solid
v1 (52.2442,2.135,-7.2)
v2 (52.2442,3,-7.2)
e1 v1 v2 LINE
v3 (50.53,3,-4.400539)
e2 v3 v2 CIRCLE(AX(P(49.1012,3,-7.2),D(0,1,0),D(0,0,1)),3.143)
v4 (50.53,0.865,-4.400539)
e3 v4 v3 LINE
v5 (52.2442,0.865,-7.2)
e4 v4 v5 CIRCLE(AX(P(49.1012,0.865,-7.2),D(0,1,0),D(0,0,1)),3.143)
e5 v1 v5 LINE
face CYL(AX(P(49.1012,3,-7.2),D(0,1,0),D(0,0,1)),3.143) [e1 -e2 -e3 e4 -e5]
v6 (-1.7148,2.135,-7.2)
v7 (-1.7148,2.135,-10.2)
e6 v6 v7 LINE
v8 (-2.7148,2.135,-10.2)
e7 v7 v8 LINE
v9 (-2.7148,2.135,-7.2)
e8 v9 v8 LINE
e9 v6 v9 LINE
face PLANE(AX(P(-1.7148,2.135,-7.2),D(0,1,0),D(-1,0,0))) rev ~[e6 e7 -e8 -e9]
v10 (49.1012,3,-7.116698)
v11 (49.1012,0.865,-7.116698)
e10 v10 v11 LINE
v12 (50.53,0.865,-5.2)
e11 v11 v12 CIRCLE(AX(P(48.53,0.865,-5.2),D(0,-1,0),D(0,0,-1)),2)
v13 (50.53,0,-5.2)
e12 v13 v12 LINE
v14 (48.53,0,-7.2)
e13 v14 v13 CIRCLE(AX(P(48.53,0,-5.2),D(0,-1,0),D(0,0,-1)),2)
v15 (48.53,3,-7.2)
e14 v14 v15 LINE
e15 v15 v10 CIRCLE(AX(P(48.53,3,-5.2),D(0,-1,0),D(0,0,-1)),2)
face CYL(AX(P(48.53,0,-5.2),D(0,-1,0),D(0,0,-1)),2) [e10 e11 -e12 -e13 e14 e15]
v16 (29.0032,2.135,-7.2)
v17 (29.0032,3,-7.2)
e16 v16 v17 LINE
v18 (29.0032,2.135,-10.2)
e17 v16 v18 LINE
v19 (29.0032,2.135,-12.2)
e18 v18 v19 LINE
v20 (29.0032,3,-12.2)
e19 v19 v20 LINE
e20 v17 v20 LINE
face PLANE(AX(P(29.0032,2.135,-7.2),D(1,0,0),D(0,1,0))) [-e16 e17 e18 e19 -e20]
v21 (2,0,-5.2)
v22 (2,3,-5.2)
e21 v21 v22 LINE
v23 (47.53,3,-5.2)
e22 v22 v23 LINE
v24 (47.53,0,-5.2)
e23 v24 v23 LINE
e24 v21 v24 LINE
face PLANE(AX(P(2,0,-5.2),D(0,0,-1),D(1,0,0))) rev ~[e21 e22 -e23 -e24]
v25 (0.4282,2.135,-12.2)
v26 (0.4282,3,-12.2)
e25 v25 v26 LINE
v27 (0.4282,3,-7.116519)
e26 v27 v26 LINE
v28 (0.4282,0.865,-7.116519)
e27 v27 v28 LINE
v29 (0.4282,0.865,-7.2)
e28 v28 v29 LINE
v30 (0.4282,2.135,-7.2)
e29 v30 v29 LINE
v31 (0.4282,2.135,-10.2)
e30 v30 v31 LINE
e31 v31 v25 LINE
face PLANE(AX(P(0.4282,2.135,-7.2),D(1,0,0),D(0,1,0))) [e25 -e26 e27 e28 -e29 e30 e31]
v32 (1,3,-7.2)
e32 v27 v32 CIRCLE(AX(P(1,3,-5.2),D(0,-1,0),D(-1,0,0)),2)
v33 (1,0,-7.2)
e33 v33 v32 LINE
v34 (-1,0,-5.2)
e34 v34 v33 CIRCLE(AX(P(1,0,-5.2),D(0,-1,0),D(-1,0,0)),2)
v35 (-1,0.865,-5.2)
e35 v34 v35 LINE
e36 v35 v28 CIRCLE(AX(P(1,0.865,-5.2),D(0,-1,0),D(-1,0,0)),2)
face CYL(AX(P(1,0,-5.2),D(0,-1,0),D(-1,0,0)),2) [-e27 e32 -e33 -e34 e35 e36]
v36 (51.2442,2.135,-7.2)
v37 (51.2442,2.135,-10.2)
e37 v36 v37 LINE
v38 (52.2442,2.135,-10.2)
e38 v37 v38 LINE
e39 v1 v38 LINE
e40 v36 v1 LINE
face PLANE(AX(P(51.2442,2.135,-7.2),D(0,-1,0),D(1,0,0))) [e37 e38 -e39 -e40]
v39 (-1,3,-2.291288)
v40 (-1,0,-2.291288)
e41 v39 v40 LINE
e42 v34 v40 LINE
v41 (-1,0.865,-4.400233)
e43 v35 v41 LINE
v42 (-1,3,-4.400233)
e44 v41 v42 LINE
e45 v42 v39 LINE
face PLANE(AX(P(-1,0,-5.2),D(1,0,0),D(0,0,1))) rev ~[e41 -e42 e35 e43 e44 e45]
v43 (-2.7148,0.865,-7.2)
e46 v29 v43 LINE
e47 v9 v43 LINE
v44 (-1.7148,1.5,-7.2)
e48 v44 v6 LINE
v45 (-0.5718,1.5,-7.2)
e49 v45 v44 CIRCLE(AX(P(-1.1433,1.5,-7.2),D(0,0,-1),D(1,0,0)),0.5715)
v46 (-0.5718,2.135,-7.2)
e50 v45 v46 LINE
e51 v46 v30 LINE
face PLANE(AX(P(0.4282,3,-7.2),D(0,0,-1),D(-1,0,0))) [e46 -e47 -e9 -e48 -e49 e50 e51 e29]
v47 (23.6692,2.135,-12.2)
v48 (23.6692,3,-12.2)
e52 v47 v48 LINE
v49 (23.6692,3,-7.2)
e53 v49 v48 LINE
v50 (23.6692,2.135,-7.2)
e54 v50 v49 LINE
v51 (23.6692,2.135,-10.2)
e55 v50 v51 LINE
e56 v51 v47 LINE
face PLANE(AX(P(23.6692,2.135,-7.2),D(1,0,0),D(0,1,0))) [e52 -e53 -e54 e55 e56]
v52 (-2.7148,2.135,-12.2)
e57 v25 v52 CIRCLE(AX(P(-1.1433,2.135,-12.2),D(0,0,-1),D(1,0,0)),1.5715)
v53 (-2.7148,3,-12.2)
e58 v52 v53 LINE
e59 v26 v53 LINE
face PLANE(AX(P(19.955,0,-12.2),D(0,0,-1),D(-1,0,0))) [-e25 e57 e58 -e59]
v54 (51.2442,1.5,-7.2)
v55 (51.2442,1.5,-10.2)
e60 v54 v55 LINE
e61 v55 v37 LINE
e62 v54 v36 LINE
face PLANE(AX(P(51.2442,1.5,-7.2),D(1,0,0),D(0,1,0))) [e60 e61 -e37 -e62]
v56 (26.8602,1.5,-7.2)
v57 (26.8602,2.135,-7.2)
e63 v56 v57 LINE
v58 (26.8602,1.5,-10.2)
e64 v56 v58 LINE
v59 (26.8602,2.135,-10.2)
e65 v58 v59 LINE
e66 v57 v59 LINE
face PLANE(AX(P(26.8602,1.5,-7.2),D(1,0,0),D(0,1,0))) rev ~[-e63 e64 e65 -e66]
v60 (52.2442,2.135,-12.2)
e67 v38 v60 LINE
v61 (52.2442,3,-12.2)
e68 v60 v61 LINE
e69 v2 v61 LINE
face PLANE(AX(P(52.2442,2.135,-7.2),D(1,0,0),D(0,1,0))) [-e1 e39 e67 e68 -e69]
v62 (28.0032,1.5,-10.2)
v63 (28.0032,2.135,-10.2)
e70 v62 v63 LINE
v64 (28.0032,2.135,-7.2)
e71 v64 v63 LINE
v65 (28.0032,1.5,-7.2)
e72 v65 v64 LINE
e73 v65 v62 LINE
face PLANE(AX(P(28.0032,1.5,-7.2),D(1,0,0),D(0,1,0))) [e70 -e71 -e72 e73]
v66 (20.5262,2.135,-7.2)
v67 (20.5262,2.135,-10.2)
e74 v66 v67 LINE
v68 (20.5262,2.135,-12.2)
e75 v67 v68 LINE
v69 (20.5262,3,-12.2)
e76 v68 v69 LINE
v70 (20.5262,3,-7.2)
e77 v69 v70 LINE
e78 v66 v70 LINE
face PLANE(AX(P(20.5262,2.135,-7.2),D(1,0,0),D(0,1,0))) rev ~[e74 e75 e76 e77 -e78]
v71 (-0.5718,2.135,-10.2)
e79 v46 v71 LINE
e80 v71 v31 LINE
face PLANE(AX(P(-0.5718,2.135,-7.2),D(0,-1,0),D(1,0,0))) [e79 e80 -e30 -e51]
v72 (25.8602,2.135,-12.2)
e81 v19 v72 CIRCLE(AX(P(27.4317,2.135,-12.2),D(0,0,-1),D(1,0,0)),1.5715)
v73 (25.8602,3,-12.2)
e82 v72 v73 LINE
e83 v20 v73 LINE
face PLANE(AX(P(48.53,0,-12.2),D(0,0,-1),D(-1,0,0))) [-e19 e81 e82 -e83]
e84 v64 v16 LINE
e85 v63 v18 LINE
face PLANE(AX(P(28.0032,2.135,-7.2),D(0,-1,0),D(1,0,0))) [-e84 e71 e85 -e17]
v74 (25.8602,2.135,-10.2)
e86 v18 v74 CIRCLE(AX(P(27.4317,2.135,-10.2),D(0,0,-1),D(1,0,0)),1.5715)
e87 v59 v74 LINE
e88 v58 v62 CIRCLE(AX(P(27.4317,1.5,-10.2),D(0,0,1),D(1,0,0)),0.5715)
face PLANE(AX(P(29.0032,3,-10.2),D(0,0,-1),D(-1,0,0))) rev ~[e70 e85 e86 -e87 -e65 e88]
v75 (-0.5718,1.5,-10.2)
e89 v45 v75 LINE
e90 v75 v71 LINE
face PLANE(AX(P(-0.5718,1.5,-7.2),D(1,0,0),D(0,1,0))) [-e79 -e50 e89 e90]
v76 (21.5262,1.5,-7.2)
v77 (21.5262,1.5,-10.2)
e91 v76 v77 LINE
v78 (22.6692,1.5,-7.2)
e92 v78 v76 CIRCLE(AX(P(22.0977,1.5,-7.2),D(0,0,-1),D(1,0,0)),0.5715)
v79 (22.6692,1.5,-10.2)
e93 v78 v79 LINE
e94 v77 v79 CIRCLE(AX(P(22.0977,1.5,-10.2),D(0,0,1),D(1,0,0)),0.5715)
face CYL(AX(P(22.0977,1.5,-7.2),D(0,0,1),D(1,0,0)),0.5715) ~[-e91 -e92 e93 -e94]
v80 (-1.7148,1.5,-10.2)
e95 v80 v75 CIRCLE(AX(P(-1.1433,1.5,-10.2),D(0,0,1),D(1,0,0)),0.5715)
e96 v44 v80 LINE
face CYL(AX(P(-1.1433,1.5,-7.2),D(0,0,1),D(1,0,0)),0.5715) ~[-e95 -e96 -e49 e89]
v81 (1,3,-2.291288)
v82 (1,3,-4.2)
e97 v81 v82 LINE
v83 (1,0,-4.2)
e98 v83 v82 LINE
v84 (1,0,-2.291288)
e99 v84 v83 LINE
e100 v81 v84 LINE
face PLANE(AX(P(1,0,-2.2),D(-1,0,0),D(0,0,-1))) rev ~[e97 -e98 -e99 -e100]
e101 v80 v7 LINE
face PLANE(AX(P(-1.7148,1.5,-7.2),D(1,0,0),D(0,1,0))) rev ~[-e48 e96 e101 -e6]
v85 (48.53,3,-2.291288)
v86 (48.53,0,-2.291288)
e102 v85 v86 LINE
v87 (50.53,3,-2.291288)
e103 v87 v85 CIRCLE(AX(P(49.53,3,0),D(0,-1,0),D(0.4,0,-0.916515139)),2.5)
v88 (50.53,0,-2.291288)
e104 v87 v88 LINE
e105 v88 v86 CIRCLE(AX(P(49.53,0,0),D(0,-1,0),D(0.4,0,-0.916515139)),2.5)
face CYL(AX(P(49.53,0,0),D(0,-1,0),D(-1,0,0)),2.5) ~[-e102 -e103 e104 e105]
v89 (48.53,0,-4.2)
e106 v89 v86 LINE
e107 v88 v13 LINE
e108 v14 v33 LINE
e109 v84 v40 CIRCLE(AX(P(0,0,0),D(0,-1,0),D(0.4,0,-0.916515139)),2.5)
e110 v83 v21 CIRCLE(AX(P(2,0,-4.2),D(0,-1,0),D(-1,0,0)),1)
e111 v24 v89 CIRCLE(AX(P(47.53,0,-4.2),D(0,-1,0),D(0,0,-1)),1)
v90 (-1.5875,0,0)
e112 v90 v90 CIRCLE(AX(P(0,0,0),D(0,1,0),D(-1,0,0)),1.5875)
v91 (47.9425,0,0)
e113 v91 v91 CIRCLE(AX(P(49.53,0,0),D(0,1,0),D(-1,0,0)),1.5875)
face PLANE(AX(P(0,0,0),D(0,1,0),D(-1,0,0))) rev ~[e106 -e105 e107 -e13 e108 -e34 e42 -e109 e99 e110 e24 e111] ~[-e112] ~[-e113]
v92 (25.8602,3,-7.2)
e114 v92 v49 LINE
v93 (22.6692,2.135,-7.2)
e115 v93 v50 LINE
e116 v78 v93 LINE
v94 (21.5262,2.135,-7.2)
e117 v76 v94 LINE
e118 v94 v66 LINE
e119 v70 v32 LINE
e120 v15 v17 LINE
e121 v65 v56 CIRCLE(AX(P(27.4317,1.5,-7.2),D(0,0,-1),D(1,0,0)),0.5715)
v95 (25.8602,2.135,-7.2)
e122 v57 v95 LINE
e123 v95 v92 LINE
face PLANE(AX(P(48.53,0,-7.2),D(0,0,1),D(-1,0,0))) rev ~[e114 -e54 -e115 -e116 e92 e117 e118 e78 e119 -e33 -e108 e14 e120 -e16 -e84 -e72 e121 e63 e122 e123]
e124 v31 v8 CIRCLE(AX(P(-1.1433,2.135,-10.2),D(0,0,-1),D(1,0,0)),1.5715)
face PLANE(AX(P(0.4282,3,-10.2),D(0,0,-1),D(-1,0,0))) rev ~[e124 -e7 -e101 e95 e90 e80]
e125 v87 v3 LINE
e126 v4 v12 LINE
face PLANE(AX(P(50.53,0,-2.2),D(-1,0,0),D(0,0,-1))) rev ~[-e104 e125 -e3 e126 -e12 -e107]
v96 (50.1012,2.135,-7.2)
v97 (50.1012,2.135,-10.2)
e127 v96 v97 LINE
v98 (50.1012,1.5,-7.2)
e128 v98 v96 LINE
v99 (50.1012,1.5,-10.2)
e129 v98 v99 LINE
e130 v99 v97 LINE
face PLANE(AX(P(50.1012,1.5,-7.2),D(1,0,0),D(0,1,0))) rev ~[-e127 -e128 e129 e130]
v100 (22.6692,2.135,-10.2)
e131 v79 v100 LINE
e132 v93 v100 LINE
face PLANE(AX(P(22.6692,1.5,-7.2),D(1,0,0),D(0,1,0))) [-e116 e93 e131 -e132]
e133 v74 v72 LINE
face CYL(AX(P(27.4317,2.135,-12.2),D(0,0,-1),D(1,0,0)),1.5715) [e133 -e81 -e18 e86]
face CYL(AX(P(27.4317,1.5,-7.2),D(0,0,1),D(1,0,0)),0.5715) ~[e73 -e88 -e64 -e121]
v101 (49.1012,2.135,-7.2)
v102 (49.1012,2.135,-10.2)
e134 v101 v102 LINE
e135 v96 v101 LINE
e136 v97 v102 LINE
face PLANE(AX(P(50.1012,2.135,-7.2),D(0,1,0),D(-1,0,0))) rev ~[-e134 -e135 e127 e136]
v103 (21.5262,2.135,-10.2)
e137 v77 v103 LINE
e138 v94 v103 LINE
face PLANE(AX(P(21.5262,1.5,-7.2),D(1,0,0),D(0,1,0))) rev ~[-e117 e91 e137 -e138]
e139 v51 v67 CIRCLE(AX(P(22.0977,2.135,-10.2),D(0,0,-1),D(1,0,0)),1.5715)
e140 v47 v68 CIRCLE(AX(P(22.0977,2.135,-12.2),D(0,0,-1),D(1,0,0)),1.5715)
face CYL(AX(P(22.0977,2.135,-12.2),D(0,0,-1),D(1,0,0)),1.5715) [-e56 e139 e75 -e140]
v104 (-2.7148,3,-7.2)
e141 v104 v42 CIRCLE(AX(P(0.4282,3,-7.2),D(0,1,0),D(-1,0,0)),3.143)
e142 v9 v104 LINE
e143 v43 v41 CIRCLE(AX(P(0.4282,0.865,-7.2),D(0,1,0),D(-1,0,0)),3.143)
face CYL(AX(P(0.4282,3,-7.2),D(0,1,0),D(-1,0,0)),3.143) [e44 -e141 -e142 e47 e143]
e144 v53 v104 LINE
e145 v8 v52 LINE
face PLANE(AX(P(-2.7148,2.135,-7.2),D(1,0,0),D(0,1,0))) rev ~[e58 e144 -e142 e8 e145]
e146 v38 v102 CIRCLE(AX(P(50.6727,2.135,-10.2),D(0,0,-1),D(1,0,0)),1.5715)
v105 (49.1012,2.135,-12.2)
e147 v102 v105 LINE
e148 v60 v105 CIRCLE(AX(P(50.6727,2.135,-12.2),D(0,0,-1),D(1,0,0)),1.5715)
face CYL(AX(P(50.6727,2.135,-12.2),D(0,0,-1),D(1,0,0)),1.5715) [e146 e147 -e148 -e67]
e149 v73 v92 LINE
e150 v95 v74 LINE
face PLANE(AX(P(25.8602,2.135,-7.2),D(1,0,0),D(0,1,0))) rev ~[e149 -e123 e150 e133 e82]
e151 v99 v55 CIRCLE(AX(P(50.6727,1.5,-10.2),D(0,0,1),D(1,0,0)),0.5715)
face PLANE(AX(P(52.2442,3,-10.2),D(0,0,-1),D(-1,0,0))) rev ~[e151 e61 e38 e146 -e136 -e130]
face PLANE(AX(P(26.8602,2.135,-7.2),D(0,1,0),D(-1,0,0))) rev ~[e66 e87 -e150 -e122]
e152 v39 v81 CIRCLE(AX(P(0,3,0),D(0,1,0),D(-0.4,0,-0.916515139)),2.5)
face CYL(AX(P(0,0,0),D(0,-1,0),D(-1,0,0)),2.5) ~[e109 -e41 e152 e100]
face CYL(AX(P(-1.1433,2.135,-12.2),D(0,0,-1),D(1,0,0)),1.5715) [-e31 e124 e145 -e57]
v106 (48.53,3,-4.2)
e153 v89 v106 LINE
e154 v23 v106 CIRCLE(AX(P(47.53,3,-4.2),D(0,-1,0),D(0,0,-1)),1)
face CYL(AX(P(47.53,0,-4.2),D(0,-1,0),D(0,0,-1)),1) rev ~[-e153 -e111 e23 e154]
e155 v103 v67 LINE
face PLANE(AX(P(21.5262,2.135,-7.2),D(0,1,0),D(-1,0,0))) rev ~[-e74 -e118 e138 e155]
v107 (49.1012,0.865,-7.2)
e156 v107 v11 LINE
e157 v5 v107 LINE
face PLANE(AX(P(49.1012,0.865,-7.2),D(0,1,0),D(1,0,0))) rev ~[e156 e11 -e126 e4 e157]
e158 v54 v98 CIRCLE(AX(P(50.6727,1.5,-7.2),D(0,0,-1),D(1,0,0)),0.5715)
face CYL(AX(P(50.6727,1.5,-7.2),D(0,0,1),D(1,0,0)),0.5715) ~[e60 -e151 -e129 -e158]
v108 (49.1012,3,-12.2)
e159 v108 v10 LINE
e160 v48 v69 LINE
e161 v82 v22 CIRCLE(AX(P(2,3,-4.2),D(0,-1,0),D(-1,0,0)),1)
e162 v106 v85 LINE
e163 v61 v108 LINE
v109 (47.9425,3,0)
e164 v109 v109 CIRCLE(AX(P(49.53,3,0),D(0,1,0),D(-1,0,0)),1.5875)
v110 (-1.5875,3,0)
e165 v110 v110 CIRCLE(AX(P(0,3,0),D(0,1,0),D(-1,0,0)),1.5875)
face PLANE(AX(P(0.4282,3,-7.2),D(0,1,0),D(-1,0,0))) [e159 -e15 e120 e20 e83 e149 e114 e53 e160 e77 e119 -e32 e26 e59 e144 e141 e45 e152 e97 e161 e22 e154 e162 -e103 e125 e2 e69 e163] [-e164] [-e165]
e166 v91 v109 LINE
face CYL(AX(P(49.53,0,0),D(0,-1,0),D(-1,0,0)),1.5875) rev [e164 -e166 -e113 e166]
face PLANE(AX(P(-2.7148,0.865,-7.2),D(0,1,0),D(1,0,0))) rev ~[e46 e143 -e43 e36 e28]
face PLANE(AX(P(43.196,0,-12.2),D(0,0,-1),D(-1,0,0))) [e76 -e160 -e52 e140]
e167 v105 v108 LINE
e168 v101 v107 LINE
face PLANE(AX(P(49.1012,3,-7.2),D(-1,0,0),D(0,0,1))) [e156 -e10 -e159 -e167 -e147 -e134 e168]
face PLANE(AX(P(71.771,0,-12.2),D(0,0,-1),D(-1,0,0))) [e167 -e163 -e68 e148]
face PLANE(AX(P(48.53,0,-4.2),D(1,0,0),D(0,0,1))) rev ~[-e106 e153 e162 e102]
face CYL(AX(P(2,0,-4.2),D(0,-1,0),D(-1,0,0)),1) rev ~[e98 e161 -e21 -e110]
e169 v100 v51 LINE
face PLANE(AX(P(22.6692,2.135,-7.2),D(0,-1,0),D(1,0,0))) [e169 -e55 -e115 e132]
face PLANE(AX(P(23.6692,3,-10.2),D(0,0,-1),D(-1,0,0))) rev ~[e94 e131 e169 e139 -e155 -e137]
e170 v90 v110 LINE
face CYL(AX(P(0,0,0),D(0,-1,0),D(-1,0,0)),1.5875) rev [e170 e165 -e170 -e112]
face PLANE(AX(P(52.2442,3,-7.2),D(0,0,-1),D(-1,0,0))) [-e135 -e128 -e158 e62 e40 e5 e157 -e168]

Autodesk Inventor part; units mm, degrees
ref_plane "YZ Plane" through (0, 0, 0) normal (1, 0, 0) x (0, 1, 0)
ref_plane "XZ Plane" through (0, 0, 0) normal (0, 1, 0) x (-1, 0, 0)
ref_plane "XY Plane" through (0, 0, 0) normal (0, 0, 1) x (1, 0, 0)
sketch "Sketch1" plane through (0, 0, 0) normal (0, 1, 0) x (-1, 0, 0)
  circle A0 centre (0, 0) radius 1.5875
  line L0 (0, 0) -> (22.8671, 0) construction
  circle A1 centre (-49.53, 0) radius 1.5875
  circle A2 centre (-49.53, 0) radius 2.5
  line L1 (-24.765, 0) -> (-24.765, 33.4897) construction
  line L2 (0, 0) -> (0, -6.322) construction
  line L3 (-49.53, 0) -> (-44.53, 0) construction
  circle A3 centre (0, 0) radius 2.5
  dimension "d0" = 3.175
  dimension "d2" = 49.53
  dimension "d3" = 3.175
  dimension "d4" = 5
  dimension "d11" = 5
extrude "Extrusion1" add sketch "Sketch1" along normal blind 3
sketch "Sketch2" plane through (49.53, 0, 0) normal (0, -1, 0) x (1, 0, 0)
  line L0 (1, -2.2) -> (1, -5.2)
  line L1 (-1, -7.2) -> (-48.53, -7.2)
  line L2 (-50.53, -5.2) -> (-50.53, -2.2)
  line L3 (-48.53, -2.2) -> (-48.53, -4.2)
  line L4 (-47.53, -5.2) -> (-2, -5.2)
  line L5 (-1, -4.2) -> (-1, -2.2)
  line L6 (0, 0) -> (0, -7.7115) construction
  line L7 (1, -2.2) -> (-1, -2.2)
  line L8 (-49.53, 0) -> (-49.53, -7.2415) construction
  line L9 (-48.53, -2.2) -> (-50.53, -2.2)
  arc A0 (-48.53, -4.2) -> (-47.53, -5.2) centre (-47.53, -4.2) ccw
  arc A1 (-2, -5.2) -> (-1, -4.2) centre (-2, -4.2) ccw
  arc A2 (-50.53, -5.2) -> (-48.53, -7.2) centre (-48.53, -5.2) ccw
  arc A3 (-1, -7.2) -> (1, -5.2) centre (-1, -5.2) ccw
  point P0 (1, -7.2)
  point P1 (0, -2.2)
  point P2 (-49.53, -2.2)
  dimension "d14" = 5
  dimension "d15" = 2.2
  dimension "d16" = 2
  dimension "d17" = 2
  dimension "d18" = 2.2
  dimension "d19" = 1
  dimension "d20" = 2
extrude "Extrusion2" add sketch "Sketch2" against normal blind 3
sketch "Sketch3" plane through (48.53, 0, -7.2) normal (0, 0, -1) x (-1, 0, 0)
  arc A0 (20.5268, 1.5) -> (21.6698, 1.5) centre (21.0983, 1.5) ccw
  line L0 (47.53, 0) -> (0, 0) construction
  line L1 (21.0983, 0) -> (21.0983, 3) construction
  line L2 (0, 3) -> (47.53, 3) projected
  line L3 (-2, 0) -> (-2, 3) projected
  line L4 (21.6698, 1.5) -> (21.6698, 2.135)
  line L5 (21.6698, 2.135) -> (22.6698, 2.135)
  line L6 (22.6698, 2.135) -> (22.6698, 3)
  line L7 (20.5268, 1.5) -> (20.5268, 2.135)
  line L8 (20.5268, 2.135) -> (19.5268, 2.135)
  line L9 (19.5268, 2.135) -> (19.5268, 3)
  line L10 (21.0983, 1.5) -> (22.315, 1.5) construction
  line L11 (22.6698, 3) -> (19.5268, 3)
  point P0 (48.53, 0)
  point P1 (46.53, 3)
  point P2 (1, 3)
  dimension "d23" = 1.143
  dimension "d26" = 23.0983
  dimension "d27" = 1
  dimension "d28" = 1
  dimension "d29" = 0.635
  dimension "d30" = 0.635
  dimension "d31" = 1.5
extrude "Extrusion3" add sketch "Sketch3" along normal blind 5
pattern_linear "Rectangular Pattern1" count 2 spacing 23.241 along (1, 0, 0) of "Extrusion3"
sketch "Sketch4" plane through (49.1012, 3, -7.2) normal (0, 1, 0) x (1, 0, 0)
  arc A0 (0, -3.143) -> (3.143, 0) centre (0, 0) ccw
  line L0 (3.143, 0) -> (0, 0)
  line L1 (0, 0) -> (0, -3.143)
  point P0 (-49.1012, -7.2)
extrude "Extrusion4" add sketch "Sketch4" against normal blind 2.135
pattern_linear "Rectangular Pattern2" count 2 spacing 5.334 along (-1, 0, 0) of "Extrusion3"
pattern_linear "Rectangular Pattern3" count 2 spacing 28.575 along (-1, 0, 0) of "Extrusion3"
sketch "Sketch6" plane through (-2.7148, 3, -7.2) normal (0, 1, 0) x (1, 0, 0)
  arc A0 (0, 0) -> (3.143, -3.143) centre (3.143, 0) ccw
  line L0 (3.143, -3.143) -> (3.143, 0)
  line L1 (3.143, 0) -> (0, 0)
  point P0 (2.7148, -7.2)
extrude "Extrusion5" add sketch "Sketch6" against normal blind 2.135
sketch "Sketch7" plane through (52.2442, 3, -12.2) normal (0, 0, -1) x (-1, 0, 0)
  line L0 (2.143, -1.5) -> (2.143, -0.865) construction
  line L1 (2.143, -0.865) -> (3.143, -0.865) construction
  line L2 (3.143, -0.865) -> (3.143, 0) construction
  line L3 (3.143, 0) -> (0, 0) construction
  line L4 (0, 0) -> (0, -0.865) construction
  line L5 (0, -0.865) -> (1, -0.865) construction
  line L6 (1, -0.865) -> (1, -1.5) construction
  arc A0 (1, -1.5) -> (2.143, -1.5) centre (1.5715, -1.5) ccw construction
  line L7 (0, -0.865) -> (0, 0)
  line L8 (0, 0) -> (3.143, 0)
  line L9 (3.143, 0) -> (3.143, -0.865)
  arc A1 (0, -0.865) -> (3.143, -0.865) centre (1.5715, -0.865) ccw
  line L10 (3.143, -0.865) -> (0, -0.865) construction
  line L11 (3.143, -0.865) -> (3.143, 0) construction
  point P0 (52.2442, -3)
extrude "Extrusion6" add sketch "Sketch7" against normal blind 2
pattern_linear "Rectangular Pattern4" count 2 spacing 23.241 along (-1, 0, 0) of "Extrusion6"
pattern_linear "Rectangular Pattern5" count 2 spacing 28.575 along (-1, 0, 0) of "Extrusion6"
pattern_linear "Rectangular Pattern6" count 2 spacing 51.816 along (-1, 0, 0) of "Extrusion6"
sketch "Sketch8" plane through (48.53, 0, -7.2) normal (0, 0, -1) x (-1, 0, 0)
  line L0 (-4.8097, 14.9523) -> (52.3403, 14.9523) construction
  line L1 (52.3403, 14.9523) -> (52.3403, 4.9523) construction
  line L2 (52.3403, 4.9523) -> (-4.8097, 4.9523) construction
  line L3 (-4.8097, 4.9523) -> (-4.8097, 14.9523) construction
  line L4 (-4.6827, 26.2305) -> (23.6383, 26.2305) construction
  line L5 (23.6383, 26.2305) -> (23.6383, 17.1827) construction
  line L6 (23.6383, 17.1827) -> (-4.6827, 17.1827) construction
  line L7 (-4.6827, 17.1827) -> (-4.6827, 26.2305) construction
  line L8 (52.2133, 26.2305) -> (23.8923, 26.2305) construction
  line L9 (23.8923, 26.2305) -> (23.8923, 17.1827) construction
  line L10 (23.8923, 17.1827) -> (52.2133, 17.1827) construction
  line L11 (52.2133, 17.1827) -> (52.2133, 26.2305) construction
  circle A0 centre (-2.1427, 14.9523) radius 0.635
  circle A1 centre (21.0983, 14.9523) radius 0.635
  circle A2 centre (26.4323, 14.9523) radius 0.635
  circle A3 centre (49.6733, 14.9523) radius 0.635
  arc A4 (-2.7142, 1.5) -> (-1.5712, 1.5) centre (-2.1427, 1.5) ccw projected
  line L12 (-2.1427, 1.5) -> (-2.1427, 11.5483) construction
  arc A5 (20.5268, 1.5) -> (21.6698, 1.5) centre (21.0983, 1.5) ccw construction
  arc A6 (25.8608, 1.5) -> (27.0038, 1.5) centre (26.4323, 1.5) ccw construction
  arc A7 (49.1018, 1.5) -> (50.2448, 1.5) centre (49.6733, 1.5) ccw construction
  line L13 (21.0983, 1.5) -> (21.0983, 9.9523) construction
  line L14 (26.4323, 1.5) -> (26.4323, 9.0967) construction
  line L15 (49.6733, 1.5) -> (49.6733, 9.9523) construction
  line L16 (24.8608, 2.135) -> (24.8608, 3) construction
  line L17 (22.6698, 3) -> (24.8608, 3) construction
  line L18 (22.6698, 3) -> (22.6698, 2.135) construction
  line L19 (22.6698, 2.135) -> (21.6698, 2.135) construction
  line L20 (21.6698, 2.135) -> (21.6698, 1.5) construction
  arc A8 (20.5268, 1.5) -> (21.6698, 1.5) centre (21.0983, 1.5) ccw construction
  line L21 (20.5268, 1.5) -> (20.5268, 2.135) construction
  line L22 (20.5268, 2.135) -> (19.5268, 2.135) construction
  line L23 (19.5268, 2.135) -> (19.5268, 3) construction
  line L24 (0, 3) -> (19.5268, 3) construction
  line L25 (0, 0) -> (0, 3) construction
  line L26 (47.53, 0) -> (0, 0) construction
  line L27 (47.53, 0) -> (47.53, 3) construction
  line L28 (28.0038, 3) -> (47.53, 3) construction
  line L29 (28.0038, 3) -> (28.0038, 2.135) construction
  line L30 (28.0038, 2.135) -> (27.0038, 2.135) construction
  line L31 (27.0038, 2.135) -> (27.0038, 1.5) construction
  arc A9 (25.8608, 1.5) -> (27.0038, 1.5) centre (26.4323, 1.5) ccw construction
  line L32 (25.8608, 1.5) -> (25.8608, 2.135) construction
  line L33 (25.8608, 2.135) -> (24.8608, 2.135) construction
  line L34 (47.53, 0) -> (0, 0) construction
  line L35 (23.765, 0) -> (23.765, 9.6631) construction
  point P0 (48.53, 0)
  dimension "d57" = 57.15
  dimension "d58" = 10
  dimension "d59" = 28.321
  dimension "d60" = 0.127
  dimension "d61" = 28.321
  dimension "d62" = 0.254
  dimension "d63" = 0.127
  dimension "d64" = 1.27
  dimension "d65" = 2.54
  dimension "d66" = 1.27
  dimension "d67" = 2.54
  dimension "d68" = 1.27
  dimension "d69" = 1.27
  dimension "d70" = 2.54
  dimension "d71" = 2.54
  dimension "d72" = 23.241
  dimension "d73" = 5.334
  dimension "d74" = 23.241
  dimension "d75" = 2.6673
  dimension "d76" = 2.6667
properties part number "HDMIPluginModuleHolder01"
